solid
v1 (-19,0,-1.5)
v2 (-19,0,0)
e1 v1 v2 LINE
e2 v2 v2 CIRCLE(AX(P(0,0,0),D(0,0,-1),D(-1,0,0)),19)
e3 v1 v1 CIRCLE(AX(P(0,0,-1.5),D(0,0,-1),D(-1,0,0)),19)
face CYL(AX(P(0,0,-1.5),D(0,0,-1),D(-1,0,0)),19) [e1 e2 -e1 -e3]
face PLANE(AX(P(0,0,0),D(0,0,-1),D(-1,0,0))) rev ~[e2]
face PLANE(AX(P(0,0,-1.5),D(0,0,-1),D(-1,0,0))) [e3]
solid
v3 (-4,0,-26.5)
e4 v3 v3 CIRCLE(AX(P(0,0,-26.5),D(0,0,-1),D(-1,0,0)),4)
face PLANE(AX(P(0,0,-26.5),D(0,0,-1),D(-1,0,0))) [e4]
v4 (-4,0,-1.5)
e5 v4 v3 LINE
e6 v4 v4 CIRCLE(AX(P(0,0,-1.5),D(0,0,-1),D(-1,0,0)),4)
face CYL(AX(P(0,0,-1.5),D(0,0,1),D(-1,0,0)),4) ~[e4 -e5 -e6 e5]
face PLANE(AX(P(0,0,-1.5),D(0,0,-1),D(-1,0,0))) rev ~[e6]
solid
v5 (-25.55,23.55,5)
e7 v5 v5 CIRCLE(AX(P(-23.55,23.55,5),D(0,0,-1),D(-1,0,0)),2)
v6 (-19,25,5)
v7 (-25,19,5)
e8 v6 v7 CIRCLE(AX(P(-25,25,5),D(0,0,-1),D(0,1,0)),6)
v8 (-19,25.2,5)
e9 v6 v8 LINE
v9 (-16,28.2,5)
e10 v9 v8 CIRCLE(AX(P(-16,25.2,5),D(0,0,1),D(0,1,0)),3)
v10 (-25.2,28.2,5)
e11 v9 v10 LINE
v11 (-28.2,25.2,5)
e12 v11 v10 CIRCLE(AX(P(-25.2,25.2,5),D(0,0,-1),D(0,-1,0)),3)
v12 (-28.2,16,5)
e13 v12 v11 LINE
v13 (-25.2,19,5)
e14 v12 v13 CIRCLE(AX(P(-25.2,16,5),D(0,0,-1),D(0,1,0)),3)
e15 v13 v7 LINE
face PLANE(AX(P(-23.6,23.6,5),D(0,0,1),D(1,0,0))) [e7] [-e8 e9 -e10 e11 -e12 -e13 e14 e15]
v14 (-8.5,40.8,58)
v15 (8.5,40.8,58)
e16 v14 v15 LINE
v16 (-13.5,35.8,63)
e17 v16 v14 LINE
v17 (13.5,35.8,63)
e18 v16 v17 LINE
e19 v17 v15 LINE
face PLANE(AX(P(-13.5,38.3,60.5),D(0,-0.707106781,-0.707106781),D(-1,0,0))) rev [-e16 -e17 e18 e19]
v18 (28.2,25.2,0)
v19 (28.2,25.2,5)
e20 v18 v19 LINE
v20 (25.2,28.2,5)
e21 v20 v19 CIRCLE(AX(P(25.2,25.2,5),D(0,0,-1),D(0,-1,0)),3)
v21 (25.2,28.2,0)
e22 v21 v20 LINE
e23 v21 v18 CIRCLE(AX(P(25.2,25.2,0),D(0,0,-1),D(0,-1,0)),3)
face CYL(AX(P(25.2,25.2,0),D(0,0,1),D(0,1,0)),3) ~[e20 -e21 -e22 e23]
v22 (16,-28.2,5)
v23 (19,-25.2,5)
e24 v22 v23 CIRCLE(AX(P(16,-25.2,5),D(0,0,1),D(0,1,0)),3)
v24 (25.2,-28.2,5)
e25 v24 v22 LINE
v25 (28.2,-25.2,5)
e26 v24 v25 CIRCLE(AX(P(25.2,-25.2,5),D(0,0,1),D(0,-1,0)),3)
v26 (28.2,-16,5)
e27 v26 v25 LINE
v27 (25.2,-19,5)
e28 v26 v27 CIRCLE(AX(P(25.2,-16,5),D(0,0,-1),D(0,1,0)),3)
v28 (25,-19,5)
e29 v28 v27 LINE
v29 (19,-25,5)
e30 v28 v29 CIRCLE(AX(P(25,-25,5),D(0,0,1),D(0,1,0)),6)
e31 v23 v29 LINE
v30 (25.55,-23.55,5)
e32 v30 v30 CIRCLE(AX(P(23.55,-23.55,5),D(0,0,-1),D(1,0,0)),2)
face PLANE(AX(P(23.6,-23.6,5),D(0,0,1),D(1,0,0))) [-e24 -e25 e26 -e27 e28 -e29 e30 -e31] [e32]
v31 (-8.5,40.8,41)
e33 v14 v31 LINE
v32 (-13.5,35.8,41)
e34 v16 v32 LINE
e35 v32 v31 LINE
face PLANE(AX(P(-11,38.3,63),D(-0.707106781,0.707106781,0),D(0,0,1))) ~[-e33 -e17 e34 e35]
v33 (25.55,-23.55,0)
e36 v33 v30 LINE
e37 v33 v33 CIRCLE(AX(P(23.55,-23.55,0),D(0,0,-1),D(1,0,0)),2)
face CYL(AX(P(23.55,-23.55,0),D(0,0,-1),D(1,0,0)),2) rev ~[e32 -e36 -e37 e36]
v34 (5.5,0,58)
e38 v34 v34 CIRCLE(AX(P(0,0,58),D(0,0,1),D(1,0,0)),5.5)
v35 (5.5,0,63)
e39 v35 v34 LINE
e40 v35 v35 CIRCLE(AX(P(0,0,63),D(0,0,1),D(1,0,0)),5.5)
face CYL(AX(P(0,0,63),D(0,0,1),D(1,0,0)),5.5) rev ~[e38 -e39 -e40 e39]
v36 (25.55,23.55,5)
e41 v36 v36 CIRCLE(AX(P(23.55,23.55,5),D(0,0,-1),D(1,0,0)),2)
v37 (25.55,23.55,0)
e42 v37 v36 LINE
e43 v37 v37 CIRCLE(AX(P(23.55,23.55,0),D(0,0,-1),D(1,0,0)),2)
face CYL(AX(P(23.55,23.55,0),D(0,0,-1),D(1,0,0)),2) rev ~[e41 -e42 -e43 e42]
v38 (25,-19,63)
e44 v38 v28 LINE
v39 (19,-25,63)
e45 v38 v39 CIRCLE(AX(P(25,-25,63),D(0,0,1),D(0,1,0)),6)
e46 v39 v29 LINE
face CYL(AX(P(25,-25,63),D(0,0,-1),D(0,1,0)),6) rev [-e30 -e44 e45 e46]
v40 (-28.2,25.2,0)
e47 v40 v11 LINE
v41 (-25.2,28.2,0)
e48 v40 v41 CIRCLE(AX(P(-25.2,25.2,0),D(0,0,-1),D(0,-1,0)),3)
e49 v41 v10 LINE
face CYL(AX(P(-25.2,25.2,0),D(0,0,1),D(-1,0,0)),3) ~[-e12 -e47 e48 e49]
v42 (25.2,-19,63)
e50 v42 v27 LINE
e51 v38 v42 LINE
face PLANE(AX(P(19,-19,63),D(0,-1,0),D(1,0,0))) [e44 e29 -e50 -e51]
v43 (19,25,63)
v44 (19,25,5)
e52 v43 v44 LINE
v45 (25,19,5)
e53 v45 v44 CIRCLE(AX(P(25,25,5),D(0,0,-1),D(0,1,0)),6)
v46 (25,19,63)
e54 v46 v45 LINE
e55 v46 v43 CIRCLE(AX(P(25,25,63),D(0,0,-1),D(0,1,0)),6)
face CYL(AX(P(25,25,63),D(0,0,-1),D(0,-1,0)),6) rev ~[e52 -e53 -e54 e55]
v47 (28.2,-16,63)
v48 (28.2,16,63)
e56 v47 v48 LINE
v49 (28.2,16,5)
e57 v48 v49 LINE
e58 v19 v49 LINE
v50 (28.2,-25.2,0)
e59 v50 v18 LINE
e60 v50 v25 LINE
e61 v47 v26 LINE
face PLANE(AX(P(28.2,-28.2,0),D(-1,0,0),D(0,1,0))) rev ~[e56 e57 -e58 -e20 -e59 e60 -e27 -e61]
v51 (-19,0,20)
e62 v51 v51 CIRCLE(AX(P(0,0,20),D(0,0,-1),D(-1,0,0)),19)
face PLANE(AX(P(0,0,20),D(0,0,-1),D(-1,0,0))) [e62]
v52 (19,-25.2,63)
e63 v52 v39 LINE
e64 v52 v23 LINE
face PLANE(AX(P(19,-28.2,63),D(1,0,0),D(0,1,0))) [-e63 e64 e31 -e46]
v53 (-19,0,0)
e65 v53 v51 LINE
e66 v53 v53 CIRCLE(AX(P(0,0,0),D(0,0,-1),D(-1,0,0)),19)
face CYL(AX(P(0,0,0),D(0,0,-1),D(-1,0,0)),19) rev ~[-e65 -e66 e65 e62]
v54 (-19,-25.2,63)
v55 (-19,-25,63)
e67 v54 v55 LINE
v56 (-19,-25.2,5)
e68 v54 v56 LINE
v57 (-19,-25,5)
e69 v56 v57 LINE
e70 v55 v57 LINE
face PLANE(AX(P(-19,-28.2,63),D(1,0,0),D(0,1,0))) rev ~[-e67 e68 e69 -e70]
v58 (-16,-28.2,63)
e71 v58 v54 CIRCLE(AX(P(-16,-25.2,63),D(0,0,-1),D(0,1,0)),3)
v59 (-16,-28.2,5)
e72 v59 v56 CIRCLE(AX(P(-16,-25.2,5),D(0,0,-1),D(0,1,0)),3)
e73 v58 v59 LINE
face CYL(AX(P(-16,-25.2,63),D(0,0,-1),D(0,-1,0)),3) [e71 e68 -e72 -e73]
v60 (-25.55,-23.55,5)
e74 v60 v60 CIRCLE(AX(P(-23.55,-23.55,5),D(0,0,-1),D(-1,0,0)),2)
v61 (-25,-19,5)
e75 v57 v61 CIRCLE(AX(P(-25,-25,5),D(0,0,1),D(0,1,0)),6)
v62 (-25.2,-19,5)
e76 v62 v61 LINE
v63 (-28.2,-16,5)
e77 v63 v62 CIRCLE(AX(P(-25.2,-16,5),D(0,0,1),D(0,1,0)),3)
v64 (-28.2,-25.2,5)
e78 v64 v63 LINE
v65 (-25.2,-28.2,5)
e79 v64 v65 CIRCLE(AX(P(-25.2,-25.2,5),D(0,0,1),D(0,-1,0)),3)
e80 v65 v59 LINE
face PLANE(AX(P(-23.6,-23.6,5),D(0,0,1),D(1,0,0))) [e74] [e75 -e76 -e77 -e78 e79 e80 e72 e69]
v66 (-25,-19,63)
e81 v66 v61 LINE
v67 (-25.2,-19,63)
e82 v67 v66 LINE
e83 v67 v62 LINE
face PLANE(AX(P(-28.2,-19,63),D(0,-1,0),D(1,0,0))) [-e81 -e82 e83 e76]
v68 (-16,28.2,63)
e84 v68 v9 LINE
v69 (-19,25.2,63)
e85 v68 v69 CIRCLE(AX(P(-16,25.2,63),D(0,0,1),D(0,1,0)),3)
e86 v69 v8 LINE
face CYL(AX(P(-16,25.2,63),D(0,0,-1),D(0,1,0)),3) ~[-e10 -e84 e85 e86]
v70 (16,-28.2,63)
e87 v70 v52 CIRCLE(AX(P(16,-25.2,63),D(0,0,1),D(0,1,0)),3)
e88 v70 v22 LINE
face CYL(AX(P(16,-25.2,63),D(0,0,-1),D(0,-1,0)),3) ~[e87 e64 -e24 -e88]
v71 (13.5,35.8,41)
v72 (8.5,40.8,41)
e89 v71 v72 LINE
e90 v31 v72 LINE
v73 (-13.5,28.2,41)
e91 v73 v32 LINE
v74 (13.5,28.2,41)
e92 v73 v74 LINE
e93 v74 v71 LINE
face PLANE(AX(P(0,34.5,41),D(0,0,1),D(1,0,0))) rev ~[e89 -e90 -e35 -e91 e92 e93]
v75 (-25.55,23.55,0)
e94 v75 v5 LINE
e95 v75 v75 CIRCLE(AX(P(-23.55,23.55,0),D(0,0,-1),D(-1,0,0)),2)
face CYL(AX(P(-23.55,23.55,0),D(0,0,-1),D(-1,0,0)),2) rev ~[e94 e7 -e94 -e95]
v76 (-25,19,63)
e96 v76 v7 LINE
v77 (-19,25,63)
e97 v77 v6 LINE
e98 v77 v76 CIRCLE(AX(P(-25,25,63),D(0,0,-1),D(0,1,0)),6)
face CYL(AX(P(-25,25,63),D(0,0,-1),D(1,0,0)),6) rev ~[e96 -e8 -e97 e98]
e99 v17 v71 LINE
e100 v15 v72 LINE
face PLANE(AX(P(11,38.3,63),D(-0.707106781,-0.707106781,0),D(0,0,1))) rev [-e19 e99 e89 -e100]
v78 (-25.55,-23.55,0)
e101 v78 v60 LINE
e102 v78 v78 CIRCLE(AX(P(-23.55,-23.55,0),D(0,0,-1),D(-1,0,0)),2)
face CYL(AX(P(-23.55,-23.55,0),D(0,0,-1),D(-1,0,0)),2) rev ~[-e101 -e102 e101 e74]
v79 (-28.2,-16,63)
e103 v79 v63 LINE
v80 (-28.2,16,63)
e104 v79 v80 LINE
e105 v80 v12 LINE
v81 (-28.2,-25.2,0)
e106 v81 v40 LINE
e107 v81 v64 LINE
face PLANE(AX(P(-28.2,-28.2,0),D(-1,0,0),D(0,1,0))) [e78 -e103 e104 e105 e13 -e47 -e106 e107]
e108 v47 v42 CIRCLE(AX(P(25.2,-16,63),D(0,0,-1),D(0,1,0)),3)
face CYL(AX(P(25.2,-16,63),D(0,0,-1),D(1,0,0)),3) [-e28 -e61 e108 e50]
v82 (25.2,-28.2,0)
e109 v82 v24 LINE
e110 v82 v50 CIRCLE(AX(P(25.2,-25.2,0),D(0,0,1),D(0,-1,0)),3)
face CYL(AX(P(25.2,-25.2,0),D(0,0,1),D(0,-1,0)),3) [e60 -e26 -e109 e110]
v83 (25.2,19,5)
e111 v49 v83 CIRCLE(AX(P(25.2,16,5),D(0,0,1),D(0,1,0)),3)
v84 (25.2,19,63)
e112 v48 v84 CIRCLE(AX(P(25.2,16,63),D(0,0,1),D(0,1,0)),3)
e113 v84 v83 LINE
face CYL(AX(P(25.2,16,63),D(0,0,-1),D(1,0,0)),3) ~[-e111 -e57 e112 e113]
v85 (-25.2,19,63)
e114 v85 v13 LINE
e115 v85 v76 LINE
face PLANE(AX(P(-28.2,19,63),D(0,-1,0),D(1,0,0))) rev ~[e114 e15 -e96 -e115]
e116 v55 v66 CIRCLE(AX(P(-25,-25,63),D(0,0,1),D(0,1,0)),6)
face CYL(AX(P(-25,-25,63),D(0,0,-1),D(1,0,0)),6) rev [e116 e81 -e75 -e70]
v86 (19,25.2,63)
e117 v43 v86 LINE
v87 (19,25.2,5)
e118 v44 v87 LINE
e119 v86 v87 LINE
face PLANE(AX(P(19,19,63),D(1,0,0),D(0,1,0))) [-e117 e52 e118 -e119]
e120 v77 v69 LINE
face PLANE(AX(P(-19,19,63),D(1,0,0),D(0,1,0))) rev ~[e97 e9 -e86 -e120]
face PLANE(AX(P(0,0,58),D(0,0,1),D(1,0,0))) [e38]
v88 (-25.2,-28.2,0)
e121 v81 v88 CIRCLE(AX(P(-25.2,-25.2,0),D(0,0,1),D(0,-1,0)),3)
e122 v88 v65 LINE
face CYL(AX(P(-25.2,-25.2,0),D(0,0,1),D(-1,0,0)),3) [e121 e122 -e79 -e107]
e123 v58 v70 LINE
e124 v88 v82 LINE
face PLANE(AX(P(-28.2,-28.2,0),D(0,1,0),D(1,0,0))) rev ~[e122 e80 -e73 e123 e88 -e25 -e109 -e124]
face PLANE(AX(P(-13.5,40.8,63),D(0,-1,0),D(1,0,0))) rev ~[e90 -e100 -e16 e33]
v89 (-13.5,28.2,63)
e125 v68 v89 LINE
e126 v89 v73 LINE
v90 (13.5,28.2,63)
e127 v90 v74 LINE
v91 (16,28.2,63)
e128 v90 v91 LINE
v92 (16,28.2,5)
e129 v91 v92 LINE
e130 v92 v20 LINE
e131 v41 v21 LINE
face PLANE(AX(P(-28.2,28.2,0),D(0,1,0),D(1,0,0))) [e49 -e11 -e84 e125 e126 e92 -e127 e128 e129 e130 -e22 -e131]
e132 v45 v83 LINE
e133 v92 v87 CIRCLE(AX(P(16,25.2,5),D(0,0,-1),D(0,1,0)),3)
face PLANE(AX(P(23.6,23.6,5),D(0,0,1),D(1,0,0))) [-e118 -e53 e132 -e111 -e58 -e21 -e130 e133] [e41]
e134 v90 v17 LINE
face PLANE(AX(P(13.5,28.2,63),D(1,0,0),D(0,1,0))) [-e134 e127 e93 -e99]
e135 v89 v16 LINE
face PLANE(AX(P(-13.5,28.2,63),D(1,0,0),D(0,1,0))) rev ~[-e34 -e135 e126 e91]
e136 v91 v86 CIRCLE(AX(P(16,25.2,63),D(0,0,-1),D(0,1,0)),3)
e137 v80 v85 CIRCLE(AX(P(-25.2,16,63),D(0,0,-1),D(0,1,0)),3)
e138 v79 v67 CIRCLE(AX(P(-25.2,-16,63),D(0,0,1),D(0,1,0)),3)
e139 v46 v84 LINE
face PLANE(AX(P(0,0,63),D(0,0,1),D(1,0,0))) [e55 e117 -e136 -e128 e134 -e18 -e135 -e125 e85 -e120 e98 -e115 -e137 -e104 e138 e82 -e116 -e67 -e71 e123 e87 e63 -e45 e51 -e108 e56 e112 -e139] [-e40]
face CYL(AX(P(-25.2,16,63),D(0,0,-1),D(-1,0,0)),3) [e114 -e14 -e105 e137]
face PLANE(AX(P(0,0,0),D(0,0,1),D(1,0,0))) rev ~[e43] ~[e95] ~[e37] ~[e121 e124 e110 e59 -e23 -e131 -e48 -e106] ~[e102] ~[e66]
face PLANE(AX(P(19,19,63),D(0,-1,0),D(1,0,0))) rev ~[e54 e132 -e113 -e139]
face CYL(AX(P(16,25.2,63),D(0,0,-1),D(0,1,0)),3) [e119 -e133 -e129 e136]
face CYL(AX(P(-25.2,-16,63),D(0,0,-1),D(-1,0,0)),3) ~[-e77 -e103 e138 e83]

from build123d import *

# Parameters (mm, degrees)
SKETCH_1_W          = 56.4
SKETCH_1_H          = 56.4
EXTRUDE_1_DEPTH     = 63
SKETCH_2_R          = 2
CUT_EXTRUDE_1_DEPTH = 63
SKETCH_3_W          = 9.2
SKETCH_3_H          = 9.2
CUT_EXTRUDE_2_DEPTH = 58
FILLET_1_R          = 3
FILLET_2_R          = 6
SKETCH_7_R          = 19
CUT_EXTRUDE_4_DEPTH = 20
EXTRUDE_START       = 1.5
SKETCH_4_R          = 19
EXTRUDE_2_DEPTH     = 1.5
SKETCH_5_R          = 4
EXTRUDE_3_DEPTH     = 25
SKETCH_8_R          = 5.5
CUT_EXTRUDE_5_DEPTH = 5
SKETCH_11_W         = 27
SKETCH_11_H         = 12.6
EXTRUDE_4_DEPTH     = 22
CHAMFER_3_SIZE      = 5


with BuildPart() as part:
    # 草图1 → 凸台-拉伸1 (new body)
    with BuildSketch(Plane.XY):
        Rectangle(SKETCH_1_W, SKETCH_1_H)
    extrude(amount=EXTRUDE_1_DEPTH)

    # 草图2 → 切除-拉伸1 (cut)
    with BuildSketch(Plane(origin=(0, 0, 0), x_dir=(-1, 0, 0), z_dir=(0, 0, -1))):
        with Locations((23.55, 23.55)):
            Circle(SKETCH_2_R)
        with Locations((23.55, -23.55)):
            Circle(SKETCH_2_R)
        with Locations(Location((-23.55, -23.55, 0), (0, 0, 180))):
            Circle(SKETCH_2_R)
        with Locations(Location((-23.55, 23.55, 0), (0, 0, 180))):
            Circle(SKETCH_2_R)
    extrude(amount=-CUT_EXTRUDE_1_DEPTH, mode=Mode.SUBTRACT)

    # 草图3 → 切除-拉伸2 (cut)
    with BuildSketch(Plane.XY.offset(63)):
        with Locations((-23.6, -23.6)):
            Rectangle(SKETCH_3_W, SKETCH_3_H)
        with Locations((23.6, -23.6)):
            Rectangle(SKETCH_3_W, SKETCH_3_H)
        with Locations((-23.6, 23.6)):
            Rectangle(SKETCH_3_W, SKETCH_3_H)
        with Locations((23.6, 23.6)):
            Rectangle(SKETCH_3_W, SKETCH_3_H)
    extrude(amount=-CUT_EXTRUDE_2_DEPTH, mode=Mode.SUBTRACT)

    # 圆角1
    fillet_1_edges = [part.edges().sort_by_distance(p)[0] for p in [
        (28.2, -28.2, 2.5),
        (-28.2, -28.2, 2.5),
        (-28.2, 28.2, 2.5),
        (28.2, 28.2, 2.5),
        (19, -28.2, 34),
        (28.2, -19, 34),
        (-19, 28.2, 34),
        (-28.2, 19, 34),
        (-19, -28.2, 34),
        (-28.2, -19, 34),
        (19, 28.2, 34),
        (28.2, 19, 34),
    ]]
    fillet(fillet_1_edges, radius=FILLET_1_R)

    # 圆角2
    fillet_2_edges = [part.edges().sort_by_distance(p)[0] for p in [
        (19, -19, 34),
        (-19, 19, 34),
        (-19, -19, 34),
        (19, 19, 34),
    ]]
    fillet(fillet_2_edges, radius=FILLET_2_R)

    # 草图7 → 切除-拉伸4 (cut)
    with BuildSketch(Plane(origin=(0, 0, 0), x_dir=(-1, 0, 0), z_dir=(0, 0, -1))):
        Circle(SKETCH_7_R)
    extrude(amount=-CUT_EXTRUDE_4_DEPTH, mode=Mode.SUBTRACT)

    # 草图8 → 切除-拉伸5 (cut)
    with BuildSketch(Plane.XY.offset(63)):
        Circle(SKETCH_8_R)
    extrude(amount=-CUT_EXTRUDE_5_DEPTH, mode=Mode.SUBTRACT)

    # 草图11 → 凸台-拉伸4 (add)
    with BuildSketch(Plane.XY.offset(63)):
        with Locations((0, 34.5)):
            Rectangle(SKETCH_11_W, SKETCH_11_H)
    extrude(amount=-EXTRUDE_4_DEPTH)

    # 倒角3
    chamfer_3_edges = [part.edges().sort_by_distance(p)[0] for p in [
        (-13.5, 40.8, 52),
        (13.5, 40.8, 52),
        (0, 40.8, 63),
    ]]
    chamfer(chamfer_3_edges, length=CHAMFER_3_SIZE)


with BuildPart() as body_2:
    # 草图4 → 凸台-拉伸2 (new body)
    with BuildSketch(Plane(origin=(0, 0, 0), x_dir=(-1, 0, 0), z_dir=(0, 0, -1)).offset(EXTRUDE_START)):
        Circle(SKETCH_4_R)
    extrude(amount=-EXTRUDE_2_DEPTH)


with BuildPart() as body_3:
    # 草图5 → 凸台-拉伸3 (new body)
    with BuildSketch(Plane(origin=(0, 0, -1.5), x_dir=(-1, 0, 0), z_dir=(0, 0, -1))):
        Circle(SKETCH_5_R)
    extrude(amount=EXTRUDE_3_DEPTH)


solid = Compound([part.part, body_2.part, body_3.part])
